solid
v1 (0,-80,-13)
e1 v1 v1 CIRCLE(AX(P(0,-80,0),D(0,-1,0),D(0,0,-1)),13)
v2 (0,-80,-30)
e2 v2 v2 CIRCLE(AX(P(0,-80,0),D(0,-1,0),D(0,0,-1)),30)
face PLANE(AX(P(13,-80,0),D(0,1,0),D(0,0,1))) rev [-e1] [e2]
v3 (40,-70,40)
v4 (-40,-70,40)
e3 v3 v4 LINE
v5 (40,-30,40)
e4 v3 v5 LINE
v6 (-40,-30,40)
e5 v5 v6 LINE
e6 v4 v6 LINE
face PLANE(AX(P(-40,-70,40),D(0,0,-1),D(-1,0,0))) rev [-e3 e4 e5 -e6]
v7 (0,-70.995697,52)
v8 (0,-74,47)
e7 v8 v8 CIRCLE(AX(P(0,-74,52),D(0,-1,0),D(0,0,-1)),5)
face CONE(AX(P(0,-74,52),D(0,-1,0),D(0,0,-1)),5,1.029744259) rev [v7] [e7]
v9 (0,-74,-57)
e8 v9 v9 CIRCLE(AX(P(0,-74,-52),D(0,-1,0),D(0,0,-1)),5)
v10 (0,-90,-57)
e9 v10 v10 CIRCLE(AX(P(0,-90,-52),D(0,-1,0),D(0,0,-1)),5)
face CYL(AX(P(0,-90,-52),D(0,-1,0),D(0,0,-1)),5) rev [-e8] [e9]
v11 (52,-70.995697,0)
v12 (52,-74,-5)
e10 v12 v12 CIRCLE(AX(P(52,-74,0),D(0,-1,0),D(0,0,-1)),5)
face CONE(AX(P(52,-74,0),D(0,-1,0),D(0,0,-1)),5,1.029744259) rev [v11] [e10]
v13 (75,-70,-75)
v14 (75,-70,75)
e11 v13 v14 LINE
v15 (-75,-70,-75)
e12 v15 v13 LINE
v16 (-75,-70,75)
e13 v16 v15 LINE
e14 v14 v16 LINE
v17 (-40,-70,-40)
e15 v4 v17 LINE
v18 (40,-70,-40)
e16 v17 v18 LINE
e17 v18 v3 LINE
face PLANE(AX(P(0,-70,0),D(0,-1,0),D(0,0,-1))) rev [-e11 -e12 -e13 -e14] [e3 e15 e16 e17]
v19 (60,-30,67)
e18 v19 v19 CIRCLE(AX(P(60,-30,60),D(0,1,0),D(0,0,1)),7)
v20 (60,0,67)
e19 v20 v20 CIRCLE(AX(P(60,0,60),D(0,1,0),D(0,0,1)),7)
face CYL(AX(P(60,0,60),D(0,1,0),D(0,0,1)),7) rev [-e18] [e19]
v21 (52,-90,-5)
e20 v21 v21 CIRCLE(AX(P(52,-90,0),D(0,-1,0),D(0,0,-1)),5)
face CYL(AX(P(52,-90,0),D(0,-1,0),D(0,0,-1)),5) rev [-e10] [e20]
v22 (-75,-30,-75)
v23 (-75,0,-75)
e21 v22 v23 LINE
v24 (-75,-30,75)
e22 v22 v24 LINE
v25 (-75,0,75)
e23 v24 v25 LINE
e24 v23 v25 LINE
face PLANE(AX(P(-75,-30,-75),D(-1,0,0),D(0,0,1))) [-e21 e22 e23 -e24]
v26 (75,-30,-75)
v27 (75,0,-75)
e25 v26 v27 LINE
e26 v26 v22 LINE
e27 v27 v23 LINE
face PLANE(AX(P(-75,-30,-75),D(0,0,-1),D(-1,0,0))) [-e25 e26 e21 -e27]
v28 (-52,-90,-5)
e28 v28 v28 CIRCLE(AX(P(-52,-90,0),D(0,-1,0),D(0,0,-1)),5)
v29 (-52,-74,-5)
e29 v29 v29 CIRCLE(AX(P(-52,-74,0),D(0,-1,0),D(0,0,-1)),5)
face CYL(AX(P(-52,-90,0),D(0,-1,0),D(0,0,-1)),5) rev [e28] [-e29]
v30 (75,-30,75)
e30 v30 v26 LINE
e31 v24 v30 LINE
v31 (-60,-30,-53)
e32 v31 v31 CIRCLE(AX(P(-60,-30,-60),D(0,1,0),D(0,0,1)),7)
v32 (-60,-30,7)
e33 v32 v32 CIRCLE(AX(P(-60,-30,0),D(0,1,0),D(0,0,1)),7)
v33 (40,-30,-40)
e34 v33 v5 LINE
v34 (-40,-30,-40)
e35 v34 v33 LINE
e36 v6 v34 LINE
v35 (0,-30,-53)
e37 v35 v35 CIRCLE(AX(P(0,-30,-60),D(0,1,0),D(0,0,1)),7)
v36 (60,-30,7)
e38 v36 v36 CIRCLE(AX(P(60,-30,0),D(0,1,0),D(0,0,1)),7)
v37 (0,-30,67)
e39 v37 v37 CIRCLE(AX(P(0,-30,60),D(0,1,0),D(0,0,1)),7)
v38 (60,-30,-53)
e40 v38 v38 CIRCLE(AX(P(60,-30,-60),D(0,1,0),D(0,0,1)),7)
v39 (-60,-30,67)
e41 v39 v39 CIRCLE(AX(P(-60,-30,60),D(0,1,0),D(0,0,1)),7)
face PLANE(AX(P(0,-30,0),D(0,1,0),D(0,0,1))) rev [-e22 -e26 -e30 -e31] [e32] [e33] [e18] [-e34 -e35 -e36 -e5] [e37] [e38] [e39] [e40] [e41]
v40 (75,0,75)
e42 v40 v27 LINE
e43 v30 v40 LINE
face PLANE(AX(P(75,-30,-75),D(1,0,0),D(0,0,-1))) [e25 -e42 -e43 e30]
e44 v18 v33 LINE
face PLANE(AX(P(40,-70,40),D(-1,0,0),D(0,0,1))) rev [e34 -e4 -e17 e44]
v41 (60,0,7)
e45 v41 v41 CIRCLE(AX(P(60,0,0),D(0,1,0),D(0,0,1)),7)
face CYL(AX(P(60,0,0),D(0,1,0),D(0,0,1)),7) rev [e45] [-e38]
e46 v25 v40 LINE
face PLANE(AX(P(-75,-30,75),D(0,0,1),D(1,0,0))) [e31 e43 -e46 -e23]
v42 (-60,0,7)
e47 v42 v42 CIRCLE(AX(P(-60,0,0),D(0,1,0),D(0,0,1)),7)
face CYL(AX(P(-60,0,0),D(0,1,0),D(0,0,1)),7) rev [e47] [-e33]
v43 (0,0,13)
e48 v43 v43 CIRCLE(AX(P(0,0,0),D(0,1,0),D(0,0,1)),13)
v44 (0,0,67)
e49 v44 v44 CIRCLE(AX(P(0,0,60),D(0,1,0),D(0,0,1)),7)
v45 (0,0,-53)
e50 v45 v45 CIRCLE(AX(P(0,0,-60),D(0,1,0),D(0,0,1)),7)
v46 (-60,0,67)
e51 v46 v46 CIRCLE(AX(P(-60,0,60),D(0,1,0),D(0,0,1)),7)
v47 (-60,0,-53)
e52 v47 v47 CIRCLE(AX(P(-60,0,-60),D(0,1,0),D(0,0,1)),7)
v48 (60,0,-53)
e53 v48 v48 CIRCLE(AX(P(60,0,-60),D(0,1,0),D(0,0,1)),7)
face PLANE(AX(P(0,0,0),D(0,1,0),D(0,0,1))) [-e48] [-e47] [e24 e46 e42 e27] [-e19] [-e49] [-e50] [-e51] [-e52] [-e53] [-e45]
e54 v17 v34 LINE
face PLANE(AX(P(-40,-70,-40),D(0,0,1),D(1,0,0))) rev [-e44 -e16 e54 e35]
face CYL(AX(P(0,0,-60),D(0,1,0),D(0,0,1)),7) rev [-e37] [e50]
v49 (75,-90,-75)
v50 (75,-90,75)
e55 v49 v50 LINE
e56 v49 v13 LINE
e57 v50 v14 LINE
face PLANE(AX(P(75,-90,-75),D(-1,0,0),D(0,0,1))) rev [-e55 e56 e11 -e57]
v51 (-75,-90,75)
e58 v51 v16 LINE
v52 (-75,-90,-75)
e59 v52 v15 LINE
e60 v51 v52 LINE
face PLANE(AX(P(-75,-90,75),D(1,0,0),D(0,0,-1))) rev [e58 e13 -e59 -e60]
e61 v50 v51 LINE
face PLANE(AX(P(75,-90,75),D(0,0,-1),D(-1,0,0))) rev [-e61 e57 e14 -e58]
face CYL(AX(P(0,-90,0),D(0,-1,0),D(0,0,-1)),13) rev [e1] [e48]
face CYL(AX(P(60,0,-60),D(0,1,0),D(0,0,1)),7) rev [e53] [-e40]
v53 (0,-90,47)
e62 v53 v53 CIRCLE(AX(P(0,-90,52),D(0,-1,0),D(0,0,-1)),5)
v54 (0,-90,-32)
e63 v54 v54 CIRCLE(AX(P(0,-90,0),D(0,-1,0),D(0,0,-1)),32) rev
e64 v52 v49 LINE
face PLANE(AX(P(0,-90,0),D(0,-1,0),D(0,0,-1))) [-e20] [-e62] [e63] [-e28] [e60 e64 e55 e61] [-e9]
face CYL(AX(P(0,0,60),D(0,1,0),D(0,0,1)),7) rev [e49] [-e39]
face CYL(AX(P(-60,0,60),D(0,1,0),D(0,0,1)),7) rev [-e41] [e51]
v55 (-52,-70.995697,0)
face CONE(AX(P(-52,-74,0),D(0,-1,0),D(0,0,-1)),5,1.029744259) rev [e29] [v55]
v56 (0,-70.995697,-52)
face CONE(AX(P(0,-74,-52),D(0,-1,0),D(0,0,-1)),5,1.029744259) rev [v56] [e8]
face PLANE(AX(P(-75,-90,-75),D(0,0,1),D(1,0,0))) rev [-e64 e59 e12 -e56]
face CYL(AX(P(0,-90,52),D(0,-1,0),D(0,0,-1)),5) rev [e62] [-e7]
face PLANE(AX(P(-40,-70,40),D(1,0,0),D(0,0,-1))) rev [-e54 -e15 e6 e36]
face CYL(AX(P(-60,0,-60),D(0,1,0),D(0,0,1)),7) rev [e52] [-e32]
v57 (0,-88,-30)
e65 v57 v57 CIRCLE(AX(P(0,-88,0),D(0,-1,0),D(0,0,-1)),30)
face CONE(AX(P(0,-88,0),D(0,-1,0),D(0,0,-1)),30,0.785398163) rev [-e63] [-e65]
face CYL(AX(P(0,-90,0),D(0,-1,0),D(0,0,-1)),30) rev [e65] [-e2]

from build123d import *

# Parameters (mm, degrees)
SKETCH2_W                      = 150
SKETCH2_H                      = 150
BOSS_EXTRUDE1_DEPTH            = 30
SKETCH3_W                      = 80
SKETCH3_H                      = 80
BOSS_EXTRUDE2_DEPTH            = 40
SKETCH4_W                      = 150
SKETCH4_H                      = 150
BOSS_EXTRUDE3_DEPTH            = 20
HOLE1_D                        = 26
HOLE1_DEPTH                    = 100
HOLE1_CBORE_D                  = 60
HOLE1_CBORE_DEPTH              = 10
M16_TAPPED_HOLE2_D             = 14
M16_TAPPED_HOLE2_DEPTH         = 30
F_10_0_10_DIAMETER_HOLE1_D     = 10
F_10_0_10_DIAMETER_HOLE1_DEPTH = 16
F_10_0_10_DIAMETER_HOLE1_TIP   = 3.004303095
CHAMFER1_SIZE                  = 2


with BuildPart() as part:
    # Sketch2 → Boss-Extrude1 (new body)
    with BuildSketch(Plane(origin=(0, 0, 0), x_dir=(1, 0, 0), z_dir=(0, 1, 0))):
        Rectangle(SKETCH2_W, SKETCH2_H)
    extrude(amount=-BOSS_EXTRUDE1_DEPTH)

    # Sketch3 → Boss-Extrude2 (add)
    with BuildSketch(Plane.XZ.offset(30)):
        Rectangle(SKETCH3_W, SKETCH3_H)
    extrude(amount=BOSS_EXTRUDE2_DEPTH)

    # Sketch4 → Boss-Extrude3 (add)
    with BuildSketch(Plane.XZ.offset(70)):
        Rectangle(SKETCH4_W, SKETCH4_H)
    extrude(amount=BOSS_EXTRUDE3_DEPTH)

    # Hole1
    with Locations(Plane(origin=(0, -90, 0), x_dir=(-1, 0, 0), z_dir=(0, -1, 0))):
        with Locations((0, 0)):
            CounterBoreHole(HOLE1_D / 2, HOLE1_CBORE_D / 2, HOLE1_CBORE_DEPTH, depth=HOLE1_DEPTH)

    # M16 Tapped Hole2
    with Locations(Plane(origin=(0, 0, 0), x_dir=(1, 0, 0), z_dir=(0, 1, 0))):
        with Locations((60, -60), (-60, 60), (-60, -60), (60, 60), (0, 60), (-60, 0), (0, -60), (60, 0)):
            Hole(M16_TAPPED_HOLE2_D / 2, depth=M16_TAPPED_HOLE2_DEPTH)

    # Ø10.0 (10) Diameter Hole1
    with Locations(Plane(origin=(0, -90, 0), x_dir=(-1, 0, 0), z_dir=(0, -1, 0))):
        with Locations((-52, 0), (0, -52), (52, 0), (0, 52)):
            Hole(F_10_0_10_DIAMETER_HOLE1_D / 2, depth=F_10_0_10_DIAMETER_HOLE1_DEPTH)
            with Locations((0, 0, -(F_10_0_10_DIAMETER_HOLE1_DEPTH + F_10_0_10_DIAMETER_HOLE1_TIP / 2))):  # 118° drill point
                Cone(0, F_10_0_10_DIAMETER_HOLE1_D / 2, F_10_0_10_DIAMETER_HOLE1_TIP, mode=Mode.SUBTRACT)

    # Chamfer1
    chamfer1_edges = [part.edges().sort_by_distance(p)[0] for p in [
        (30, -90, 0),
    ]]
    chamfer(chamfer1_edges, length=CHAMFER1_SIZE)


solid = part.part
